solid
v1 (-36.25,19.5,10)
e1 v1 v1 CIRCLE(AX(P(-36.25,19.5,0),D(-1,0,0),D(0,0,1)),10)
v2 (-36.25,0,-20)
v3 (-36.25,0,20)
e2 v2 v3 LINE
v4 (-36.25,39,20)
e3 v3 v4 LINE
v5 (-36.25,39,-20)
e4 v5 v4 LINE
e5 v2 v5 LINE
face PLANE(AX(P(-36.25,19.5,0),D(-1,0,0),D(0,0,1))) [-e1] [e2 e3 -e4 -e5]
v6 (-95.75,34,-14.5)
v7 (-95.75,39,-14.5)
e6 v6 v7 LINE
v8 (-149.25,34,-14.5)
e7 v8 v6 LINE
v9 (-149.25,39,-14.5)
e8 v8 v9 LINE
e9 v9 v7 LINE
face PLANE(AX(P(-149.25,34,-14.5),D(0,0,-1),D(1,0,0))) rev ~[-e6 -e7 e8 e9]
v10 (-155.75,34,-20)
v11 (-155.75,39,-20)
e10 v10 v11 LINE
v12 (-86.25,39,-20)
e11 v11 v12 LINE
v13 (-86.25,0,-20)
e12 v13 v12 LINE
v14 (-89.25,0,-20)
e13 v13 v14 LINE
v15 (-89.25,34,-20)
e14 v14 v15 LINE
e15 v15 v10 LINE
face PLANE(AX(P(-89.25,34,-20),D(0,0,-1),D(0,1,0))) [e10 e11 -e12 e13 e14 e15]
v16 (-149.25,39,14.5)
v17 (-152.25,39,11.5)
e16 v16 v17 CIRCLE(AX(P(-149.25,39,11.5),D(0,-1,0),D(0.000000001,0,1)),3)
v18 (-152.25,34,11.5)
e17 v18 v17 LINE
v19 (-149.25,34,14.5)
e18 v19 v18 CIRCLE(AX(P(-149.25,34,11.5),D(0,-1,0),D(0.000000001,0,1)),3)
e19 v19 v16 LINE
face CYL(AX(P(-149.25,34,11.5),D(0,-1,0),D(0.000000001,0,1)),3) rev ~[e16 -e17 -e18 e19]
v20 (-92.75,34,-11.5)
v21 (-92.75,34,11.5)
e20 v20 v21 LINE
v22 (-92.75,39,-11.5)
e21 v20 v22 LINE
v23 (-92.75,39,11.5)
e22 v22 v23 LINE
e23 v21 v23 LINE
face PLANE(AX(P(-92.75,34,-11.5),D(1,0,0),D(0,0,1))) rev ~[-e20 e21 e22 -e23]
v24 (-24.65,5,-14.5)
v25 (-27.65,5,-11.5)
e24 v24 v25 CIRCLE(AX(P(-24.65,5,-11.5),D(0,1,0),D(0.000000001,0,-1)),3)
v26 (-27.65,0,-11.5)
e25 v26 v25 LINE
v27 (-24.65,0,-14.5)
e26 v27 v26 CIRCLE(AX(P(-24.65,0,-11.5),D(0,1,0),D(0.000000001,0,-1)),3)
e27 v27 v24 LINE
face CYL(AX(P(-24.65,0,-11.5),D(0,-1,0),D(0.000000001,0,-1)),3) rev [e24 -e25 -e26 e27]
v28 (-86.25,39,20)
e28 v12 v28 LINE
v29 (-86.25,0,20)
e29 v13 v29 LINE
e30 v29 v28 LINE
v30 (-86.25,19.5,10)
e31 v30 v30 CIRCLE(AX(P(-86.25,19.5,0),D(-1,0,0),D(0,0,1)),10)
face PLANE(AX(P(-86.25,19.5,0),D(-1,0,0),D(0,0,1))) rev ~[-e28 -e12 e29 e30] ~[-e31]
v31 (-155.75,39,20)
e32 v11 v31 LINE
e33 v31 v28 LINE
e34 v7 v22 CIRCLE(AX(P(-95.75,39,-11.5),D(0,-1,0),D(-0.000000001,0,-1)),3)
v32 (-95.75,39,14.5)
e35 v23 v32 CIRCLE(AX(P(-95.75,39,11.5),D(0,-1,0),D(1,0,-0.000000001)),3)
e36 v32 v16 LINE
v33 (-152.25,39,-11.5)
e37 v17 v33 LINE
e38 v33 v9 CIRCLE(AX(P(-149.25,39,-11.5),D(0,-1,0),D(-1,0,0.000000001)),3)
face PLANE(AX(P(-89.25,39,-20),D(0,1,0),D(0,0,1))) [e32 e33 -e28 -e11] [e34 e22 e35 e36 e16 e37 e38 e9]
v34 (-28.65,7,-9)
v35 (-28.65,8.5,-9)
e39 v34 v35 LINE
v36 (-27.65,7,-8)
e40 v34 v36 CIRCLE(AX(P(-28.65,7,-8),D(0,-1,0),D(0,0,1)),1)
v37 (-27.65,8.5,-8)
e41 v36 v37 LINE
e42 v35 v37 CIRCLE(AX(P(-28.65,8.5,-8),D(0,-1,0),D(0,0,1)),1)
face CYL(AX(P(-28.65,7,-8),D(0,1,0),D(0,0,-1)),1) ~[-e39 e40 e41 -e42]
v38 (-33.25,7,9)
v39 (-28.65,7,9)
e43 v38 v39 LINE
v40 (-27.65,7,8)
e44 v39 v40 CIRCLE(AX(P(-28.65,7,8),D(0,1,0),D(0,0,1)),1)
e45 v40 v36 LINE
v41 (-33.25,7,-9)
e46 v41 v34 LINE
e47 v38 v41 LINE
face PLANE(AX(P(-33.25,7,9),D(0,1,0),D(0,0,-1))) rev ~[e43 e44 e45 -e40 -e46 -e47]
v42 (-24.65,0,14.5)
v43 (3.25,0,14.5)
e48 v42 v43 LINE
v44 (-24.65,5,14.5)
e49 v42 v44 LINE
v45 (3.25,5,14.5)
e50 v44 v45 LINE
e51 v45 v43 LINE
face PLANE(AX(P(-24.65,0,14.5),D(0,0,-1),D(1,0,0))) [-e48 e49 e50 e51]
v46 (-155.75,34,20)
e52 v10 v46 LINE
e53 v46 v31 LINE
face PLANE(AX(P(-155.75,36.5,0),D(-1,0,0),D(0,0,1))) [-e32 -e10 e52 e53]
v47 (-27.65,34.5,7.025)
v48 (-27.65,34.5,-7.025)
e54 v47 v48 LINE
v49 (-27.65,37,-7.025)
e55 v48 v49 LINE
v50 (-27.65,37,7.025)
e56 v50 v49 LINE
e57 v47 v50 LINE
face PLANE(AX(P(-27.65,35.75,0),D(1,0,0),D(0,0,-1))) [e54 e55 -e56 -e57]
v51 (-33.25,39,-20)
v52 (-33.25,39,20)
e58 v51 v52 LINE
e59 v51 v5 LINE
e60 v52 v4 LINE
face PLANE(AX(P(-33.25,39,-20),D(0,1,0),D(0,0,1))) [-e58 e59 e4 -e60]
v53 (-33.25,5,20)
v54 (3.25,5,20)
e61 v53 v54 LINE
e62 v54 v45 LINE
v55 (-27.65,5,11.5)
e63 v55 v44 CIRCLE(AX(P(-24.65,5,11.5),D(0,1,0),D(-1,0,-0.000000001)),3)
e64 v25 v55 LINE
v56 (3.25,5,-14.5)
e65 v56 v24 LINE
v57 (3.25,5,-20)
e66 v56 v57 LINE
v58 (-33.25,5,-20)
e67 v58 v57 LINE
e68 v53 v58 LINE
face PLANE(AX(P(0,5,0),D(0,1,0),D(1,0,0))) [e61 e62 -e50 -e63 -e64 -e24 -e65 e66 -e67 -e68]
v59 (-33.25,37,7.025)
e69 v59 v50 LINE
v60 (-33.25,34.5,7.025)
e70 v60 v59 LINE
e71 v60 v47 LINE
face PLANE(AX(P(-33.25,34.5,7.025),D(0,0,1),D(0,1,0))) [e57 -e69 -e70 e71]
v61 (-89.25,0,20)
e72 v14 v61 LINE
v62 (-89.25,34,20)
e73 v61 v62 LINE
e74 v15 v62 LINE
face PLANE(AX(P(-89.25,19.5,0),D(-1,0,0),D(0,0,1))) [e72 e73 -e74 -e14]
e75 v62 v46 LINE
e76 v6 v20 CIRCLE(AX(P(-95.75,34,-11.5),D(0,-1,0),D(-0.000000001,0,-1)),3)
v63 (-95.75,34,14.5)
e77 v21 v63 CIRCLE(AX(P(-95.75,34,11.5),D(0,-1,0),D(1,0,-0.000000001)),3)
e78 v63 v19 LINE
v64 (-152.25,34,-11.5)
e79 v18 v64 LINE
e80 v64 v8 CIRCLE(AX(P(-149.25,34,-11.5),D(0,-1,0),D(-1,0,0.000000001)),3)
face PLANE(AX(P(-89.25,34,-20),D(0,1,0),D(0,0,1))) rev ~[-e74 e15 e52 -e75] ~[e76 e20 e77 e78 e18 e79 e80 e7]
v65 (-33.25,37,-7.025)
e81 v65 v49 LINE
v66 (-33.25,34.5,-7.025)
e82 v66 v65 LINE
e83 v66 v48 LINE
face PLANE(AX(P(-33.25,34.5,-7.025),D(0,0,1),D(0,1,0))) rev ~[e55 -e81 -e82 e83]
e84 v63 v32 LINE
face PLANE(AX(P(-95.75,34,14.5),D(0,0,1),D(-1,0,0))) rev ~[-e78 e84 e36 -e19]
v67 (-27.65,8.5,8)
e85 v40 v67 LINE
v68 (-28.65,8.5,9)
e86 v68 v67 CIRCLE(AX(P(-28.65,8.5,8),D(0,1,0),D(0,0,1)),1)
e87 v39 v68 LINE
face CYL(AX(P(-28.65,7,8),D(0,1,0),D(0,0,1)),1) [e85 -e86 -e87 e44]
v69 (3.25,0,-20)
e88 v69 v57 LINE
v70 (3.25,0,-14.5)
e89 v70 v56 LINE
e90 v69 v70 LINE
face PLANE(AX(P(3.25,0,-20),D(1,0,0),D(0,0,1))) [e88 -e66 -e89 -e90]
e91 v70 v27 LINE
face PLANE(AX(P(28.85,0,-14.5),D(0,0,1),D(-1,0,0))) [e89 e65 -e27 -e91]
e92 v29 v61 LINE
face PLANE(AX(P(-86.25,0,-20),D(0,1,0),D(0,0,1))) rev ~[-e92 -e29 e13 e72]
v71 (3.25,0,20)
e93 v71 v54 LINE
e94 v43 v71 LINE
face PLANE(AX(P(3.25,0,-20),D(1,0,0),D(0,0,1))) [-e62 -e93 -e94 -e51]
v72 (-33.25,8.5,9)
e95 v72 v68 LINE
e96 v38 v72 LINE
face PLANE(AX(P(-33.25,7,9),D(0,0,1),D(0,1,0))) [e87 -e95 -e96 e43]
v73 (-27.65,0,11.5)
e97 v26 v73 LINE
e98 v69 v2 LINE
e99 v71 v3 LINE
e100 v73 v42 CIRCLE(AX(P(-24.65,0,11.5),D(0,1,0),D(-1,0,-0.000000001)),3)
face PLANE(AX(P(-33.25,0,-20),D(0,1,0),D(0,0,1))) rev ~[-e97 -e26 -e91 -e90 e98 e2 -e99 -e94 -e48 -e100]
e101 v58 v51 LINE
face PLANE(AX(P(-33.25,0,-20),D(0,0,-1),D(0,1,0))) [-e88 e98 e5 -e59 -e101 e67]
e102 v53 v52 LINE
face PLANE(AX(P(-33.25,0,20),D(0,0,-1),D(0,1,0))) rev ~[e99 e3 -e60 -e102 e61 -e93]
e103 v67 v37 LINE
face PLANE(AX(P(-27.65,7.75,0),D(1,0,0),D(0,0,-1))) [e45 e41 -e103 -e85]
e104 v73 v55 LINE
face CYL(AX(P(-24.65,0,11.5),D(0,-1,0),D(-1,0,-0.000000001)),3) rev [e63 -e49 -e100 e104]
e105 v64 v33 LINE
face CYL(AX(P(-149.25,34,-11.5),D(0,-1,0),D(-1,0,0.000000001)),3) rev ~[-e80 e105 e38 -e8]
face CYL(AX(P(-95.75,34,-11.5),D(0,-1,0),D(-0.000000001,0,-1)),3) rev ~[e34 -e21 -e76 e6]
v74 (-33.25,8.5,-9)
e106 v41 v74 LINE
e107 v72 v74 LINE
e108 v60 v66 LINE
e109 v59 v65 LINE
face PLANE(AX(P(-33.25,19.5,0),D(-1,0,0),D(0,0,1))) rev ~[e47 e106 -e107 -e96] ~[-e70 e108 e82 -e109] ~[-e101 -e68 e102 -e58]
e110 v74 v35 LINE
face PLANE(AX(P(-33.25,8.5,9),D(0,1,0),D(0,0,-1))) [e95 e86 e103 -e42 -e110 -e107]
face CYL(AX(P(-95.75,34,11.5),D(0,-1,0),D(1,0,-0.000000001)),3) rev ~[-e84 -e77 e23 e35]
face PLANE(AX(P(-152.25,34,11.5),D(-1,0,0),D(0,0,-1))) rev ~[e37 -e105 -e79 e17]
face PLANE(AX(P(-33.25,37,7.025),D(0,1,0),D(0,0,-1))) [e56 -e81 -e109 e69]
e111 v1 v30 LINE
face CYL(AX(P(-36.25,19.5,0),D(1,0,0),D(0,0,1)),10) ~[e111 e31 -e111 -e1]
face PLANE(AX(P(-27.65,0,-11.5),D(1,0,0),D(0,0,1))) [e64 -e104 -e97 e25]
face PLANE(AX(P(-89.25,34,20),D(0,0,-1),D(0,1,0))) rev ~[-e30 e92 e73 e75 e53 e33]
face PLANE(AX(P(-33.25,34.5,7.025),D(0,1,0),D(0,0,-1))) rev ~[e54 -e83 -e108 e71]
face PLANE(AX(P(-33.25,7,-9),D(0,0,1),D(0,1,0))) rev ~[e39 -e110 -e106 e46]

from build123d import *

# Parameters (mm, degrees)
SKETCH2_W           = 66.5
SKETCH2_H           = 40
BOSS_EXTRUDE1_DEPTH = 5
SKETCH5_W           = 40
SKETCH5_H           = 39
BOSS_EXTRUDE3_DEPTH = 3
SKETCH11_W          = 14.05
SKETCH11_H          = 2.5
SKETCH11_W_2        = 18
SKETCH11_H_2        = 1.5
BOSS_EXTRUDE4_DEPTH = 5.6
FILLET4_R           = 1
FILLET6_R           = 10
SKETCH12_W          = 30
SKETCH12_H          = 40
CUT_EXTRUDE1_DEPTH  = 10
SKETCH13_R          = 10
BOSS_EXTRUDE5_DEPTH = 50
SKETCH14_W          = 40
SKETCH14_H          = 39
BOSS_EXTRUDE6_DEPTH = 3
SKETCH15_W          = 40
SKETCH15_H          = 5
BOSS_EXTRUDE7_DEPTH = 66.5
CUT_EXTRUDE2_DEPTH  = 5


with BuildPart() as part:
    # Sketch2 → Boss-Extrude1 (new body)
    with BuildSketch(Plane(origin=(0, 0, 0), x_dir=(1, 0, 0), z_dir=(0, 1, 0))):
        Rectangle(SKETCH2_W, SKETCH2_H)
        with BuildLine():
            Line((-27.65, 11.5), (-27.65, -11.5))
            ThreePointArc((-27.65, -11.5), (-26.771320344, -13.621320344), (-24.65, -14.5))
            Line((-24.65, -14.5), (28.85, -14.5))
            ThreePointArc((28.85, -14.5), (30.971320344, -13.621320344), (31.85, -11.5))
            Line((31.85, -11.5), (31.85, 11.5))
            ThreePointArc((31.85, 11.5), (30.971320344, 13.621320344), (28.85, 14.5))
            Line((28.85, 14.5), (-24.65, 14.5))
            ThreePointArc((-24.65, 14.5), (-26.771320344, 13.621320344), (-27.65, 11.5))
        make_face(mode=Mode.SUBTRACT)
    extrude(amount=BOSS_EXTRUDE1_DEPTH)

    # Sketch5 → Boss-Extrude3 (add)
    with BuildSketch(Plane.ZY.offset(33.25)):
        with Locations((0, 19.5)):
            Rectangle(SKETCH5_W, SKETCH5_H)
    extrude(amount=BOSS_EXTRUDE3_DEPTH)

    # Sketch11 → Boss-Extrude4 (add)
    with BuildSketch(Plane(origin=(-33.25, 0, 0), x_dir=(0, 0, -1), z_dir=(1, 0, 0))):
        with Locations((0, 35.75)):
            Rectangle(SKETCH11_W, SKETCH11_H)
        with Locations((0, 7.75)):
            Rectangle(SKETCH11_W_2, SKETCH11_H_2)
    extrude(amount=BOSS_EXTRUDE4_DEPTH)

    # Fillet4
    fillet4_edges = [part.edges().sort_by_distance(p)[0] for p in [
        (-27.65, 7.75, -9),
        (-27.65, 7.75, 9),
    ]]
    fillet(fillet4_edges, radius=FILLET4_R)

    # Fillet6
    fillet6_edges = [part.edges().sort_by_distance(p)[0] for p in [
        (33.25, 2.5, 20),
        (33.25, 2.5, -20),
    ]]
    fillet(fillet6_edges, radius=FILLET6_R)

    # Sketch12 → Cut-Extrude1 (cut)
    with BuildSketch(Plane.XZ):
        with Locations((18.25, 0)):
            Rectangle(SKETCH12_W, SKETCH12_H)
    extrude(amount=-CUT_EXTRUDE1_DEPTH, mode=Mode.SUBTRACT)

    # Sketch13 → Boss-Extrude5 (add)
    with BuildSketch(Plane.ZY.offset(36.25)):
        with Locations((0, 19.5)):
            Circle(SKETCH13_R)
    extrude(amount=BOSS_EXTRUDE5_DEPTH)

    # Sketch14 → Boss-Extrude6 (add)
    with BuildSketch(Plane.ZY.offset(86.25)):
        with Locations((0, 19.5)):
            Rectangle(SKETCH14_W, SKETCH14_H)
    extrude(amount=BOSS_EXTRUDE6_DEPTH)

    # Sketch15 → Boss-Extrude7 (add)
    with BuildSketch(Plane.ZY.offset(89.25)):
        with Locations((0, 36.5)):
            Rectangle(SKETCH15_W, SKETCH15_H)
    extrude(amount=BOSS_EXTRUDE7_DEPTH)

    # Sketch16 → Cut-Extrude2 (cut)
    with BuildSketch(Plane.XZ.offset(-34)):
        with BuildLine():
            Line((-152.25, 11.5), (-152.25, -11.5))
            ThreePointArc((-152.25, -11.5), (-151.371320344, -13.621320344), (-149.25, -14.5))
            Line((-149.25, -14.5), (-95.75, -14.5))
            ThreePointArc((-95.75, -14.5), (-93.628679656, -13.621320344), (-92.75, -11.5))
            Line((-92.75, -11.5), (-92.75, 11.5))
            ThreePointArc((-92.75, 11.5), (-93.628679656, 13.621320344), (-95.75, 14.5))
            Line((-95.75, 14.5), (-149.25, 14.5))
            ThreePointArc((-149.25, 14.5), (-151.371320344, 13.621320344), (-152.25, 11.5))
        make_face()
    extrude(amount=-CUT_EXTRUDE2_DEPTH, mode=Mode.SUBTRACT)


solid = part.part
